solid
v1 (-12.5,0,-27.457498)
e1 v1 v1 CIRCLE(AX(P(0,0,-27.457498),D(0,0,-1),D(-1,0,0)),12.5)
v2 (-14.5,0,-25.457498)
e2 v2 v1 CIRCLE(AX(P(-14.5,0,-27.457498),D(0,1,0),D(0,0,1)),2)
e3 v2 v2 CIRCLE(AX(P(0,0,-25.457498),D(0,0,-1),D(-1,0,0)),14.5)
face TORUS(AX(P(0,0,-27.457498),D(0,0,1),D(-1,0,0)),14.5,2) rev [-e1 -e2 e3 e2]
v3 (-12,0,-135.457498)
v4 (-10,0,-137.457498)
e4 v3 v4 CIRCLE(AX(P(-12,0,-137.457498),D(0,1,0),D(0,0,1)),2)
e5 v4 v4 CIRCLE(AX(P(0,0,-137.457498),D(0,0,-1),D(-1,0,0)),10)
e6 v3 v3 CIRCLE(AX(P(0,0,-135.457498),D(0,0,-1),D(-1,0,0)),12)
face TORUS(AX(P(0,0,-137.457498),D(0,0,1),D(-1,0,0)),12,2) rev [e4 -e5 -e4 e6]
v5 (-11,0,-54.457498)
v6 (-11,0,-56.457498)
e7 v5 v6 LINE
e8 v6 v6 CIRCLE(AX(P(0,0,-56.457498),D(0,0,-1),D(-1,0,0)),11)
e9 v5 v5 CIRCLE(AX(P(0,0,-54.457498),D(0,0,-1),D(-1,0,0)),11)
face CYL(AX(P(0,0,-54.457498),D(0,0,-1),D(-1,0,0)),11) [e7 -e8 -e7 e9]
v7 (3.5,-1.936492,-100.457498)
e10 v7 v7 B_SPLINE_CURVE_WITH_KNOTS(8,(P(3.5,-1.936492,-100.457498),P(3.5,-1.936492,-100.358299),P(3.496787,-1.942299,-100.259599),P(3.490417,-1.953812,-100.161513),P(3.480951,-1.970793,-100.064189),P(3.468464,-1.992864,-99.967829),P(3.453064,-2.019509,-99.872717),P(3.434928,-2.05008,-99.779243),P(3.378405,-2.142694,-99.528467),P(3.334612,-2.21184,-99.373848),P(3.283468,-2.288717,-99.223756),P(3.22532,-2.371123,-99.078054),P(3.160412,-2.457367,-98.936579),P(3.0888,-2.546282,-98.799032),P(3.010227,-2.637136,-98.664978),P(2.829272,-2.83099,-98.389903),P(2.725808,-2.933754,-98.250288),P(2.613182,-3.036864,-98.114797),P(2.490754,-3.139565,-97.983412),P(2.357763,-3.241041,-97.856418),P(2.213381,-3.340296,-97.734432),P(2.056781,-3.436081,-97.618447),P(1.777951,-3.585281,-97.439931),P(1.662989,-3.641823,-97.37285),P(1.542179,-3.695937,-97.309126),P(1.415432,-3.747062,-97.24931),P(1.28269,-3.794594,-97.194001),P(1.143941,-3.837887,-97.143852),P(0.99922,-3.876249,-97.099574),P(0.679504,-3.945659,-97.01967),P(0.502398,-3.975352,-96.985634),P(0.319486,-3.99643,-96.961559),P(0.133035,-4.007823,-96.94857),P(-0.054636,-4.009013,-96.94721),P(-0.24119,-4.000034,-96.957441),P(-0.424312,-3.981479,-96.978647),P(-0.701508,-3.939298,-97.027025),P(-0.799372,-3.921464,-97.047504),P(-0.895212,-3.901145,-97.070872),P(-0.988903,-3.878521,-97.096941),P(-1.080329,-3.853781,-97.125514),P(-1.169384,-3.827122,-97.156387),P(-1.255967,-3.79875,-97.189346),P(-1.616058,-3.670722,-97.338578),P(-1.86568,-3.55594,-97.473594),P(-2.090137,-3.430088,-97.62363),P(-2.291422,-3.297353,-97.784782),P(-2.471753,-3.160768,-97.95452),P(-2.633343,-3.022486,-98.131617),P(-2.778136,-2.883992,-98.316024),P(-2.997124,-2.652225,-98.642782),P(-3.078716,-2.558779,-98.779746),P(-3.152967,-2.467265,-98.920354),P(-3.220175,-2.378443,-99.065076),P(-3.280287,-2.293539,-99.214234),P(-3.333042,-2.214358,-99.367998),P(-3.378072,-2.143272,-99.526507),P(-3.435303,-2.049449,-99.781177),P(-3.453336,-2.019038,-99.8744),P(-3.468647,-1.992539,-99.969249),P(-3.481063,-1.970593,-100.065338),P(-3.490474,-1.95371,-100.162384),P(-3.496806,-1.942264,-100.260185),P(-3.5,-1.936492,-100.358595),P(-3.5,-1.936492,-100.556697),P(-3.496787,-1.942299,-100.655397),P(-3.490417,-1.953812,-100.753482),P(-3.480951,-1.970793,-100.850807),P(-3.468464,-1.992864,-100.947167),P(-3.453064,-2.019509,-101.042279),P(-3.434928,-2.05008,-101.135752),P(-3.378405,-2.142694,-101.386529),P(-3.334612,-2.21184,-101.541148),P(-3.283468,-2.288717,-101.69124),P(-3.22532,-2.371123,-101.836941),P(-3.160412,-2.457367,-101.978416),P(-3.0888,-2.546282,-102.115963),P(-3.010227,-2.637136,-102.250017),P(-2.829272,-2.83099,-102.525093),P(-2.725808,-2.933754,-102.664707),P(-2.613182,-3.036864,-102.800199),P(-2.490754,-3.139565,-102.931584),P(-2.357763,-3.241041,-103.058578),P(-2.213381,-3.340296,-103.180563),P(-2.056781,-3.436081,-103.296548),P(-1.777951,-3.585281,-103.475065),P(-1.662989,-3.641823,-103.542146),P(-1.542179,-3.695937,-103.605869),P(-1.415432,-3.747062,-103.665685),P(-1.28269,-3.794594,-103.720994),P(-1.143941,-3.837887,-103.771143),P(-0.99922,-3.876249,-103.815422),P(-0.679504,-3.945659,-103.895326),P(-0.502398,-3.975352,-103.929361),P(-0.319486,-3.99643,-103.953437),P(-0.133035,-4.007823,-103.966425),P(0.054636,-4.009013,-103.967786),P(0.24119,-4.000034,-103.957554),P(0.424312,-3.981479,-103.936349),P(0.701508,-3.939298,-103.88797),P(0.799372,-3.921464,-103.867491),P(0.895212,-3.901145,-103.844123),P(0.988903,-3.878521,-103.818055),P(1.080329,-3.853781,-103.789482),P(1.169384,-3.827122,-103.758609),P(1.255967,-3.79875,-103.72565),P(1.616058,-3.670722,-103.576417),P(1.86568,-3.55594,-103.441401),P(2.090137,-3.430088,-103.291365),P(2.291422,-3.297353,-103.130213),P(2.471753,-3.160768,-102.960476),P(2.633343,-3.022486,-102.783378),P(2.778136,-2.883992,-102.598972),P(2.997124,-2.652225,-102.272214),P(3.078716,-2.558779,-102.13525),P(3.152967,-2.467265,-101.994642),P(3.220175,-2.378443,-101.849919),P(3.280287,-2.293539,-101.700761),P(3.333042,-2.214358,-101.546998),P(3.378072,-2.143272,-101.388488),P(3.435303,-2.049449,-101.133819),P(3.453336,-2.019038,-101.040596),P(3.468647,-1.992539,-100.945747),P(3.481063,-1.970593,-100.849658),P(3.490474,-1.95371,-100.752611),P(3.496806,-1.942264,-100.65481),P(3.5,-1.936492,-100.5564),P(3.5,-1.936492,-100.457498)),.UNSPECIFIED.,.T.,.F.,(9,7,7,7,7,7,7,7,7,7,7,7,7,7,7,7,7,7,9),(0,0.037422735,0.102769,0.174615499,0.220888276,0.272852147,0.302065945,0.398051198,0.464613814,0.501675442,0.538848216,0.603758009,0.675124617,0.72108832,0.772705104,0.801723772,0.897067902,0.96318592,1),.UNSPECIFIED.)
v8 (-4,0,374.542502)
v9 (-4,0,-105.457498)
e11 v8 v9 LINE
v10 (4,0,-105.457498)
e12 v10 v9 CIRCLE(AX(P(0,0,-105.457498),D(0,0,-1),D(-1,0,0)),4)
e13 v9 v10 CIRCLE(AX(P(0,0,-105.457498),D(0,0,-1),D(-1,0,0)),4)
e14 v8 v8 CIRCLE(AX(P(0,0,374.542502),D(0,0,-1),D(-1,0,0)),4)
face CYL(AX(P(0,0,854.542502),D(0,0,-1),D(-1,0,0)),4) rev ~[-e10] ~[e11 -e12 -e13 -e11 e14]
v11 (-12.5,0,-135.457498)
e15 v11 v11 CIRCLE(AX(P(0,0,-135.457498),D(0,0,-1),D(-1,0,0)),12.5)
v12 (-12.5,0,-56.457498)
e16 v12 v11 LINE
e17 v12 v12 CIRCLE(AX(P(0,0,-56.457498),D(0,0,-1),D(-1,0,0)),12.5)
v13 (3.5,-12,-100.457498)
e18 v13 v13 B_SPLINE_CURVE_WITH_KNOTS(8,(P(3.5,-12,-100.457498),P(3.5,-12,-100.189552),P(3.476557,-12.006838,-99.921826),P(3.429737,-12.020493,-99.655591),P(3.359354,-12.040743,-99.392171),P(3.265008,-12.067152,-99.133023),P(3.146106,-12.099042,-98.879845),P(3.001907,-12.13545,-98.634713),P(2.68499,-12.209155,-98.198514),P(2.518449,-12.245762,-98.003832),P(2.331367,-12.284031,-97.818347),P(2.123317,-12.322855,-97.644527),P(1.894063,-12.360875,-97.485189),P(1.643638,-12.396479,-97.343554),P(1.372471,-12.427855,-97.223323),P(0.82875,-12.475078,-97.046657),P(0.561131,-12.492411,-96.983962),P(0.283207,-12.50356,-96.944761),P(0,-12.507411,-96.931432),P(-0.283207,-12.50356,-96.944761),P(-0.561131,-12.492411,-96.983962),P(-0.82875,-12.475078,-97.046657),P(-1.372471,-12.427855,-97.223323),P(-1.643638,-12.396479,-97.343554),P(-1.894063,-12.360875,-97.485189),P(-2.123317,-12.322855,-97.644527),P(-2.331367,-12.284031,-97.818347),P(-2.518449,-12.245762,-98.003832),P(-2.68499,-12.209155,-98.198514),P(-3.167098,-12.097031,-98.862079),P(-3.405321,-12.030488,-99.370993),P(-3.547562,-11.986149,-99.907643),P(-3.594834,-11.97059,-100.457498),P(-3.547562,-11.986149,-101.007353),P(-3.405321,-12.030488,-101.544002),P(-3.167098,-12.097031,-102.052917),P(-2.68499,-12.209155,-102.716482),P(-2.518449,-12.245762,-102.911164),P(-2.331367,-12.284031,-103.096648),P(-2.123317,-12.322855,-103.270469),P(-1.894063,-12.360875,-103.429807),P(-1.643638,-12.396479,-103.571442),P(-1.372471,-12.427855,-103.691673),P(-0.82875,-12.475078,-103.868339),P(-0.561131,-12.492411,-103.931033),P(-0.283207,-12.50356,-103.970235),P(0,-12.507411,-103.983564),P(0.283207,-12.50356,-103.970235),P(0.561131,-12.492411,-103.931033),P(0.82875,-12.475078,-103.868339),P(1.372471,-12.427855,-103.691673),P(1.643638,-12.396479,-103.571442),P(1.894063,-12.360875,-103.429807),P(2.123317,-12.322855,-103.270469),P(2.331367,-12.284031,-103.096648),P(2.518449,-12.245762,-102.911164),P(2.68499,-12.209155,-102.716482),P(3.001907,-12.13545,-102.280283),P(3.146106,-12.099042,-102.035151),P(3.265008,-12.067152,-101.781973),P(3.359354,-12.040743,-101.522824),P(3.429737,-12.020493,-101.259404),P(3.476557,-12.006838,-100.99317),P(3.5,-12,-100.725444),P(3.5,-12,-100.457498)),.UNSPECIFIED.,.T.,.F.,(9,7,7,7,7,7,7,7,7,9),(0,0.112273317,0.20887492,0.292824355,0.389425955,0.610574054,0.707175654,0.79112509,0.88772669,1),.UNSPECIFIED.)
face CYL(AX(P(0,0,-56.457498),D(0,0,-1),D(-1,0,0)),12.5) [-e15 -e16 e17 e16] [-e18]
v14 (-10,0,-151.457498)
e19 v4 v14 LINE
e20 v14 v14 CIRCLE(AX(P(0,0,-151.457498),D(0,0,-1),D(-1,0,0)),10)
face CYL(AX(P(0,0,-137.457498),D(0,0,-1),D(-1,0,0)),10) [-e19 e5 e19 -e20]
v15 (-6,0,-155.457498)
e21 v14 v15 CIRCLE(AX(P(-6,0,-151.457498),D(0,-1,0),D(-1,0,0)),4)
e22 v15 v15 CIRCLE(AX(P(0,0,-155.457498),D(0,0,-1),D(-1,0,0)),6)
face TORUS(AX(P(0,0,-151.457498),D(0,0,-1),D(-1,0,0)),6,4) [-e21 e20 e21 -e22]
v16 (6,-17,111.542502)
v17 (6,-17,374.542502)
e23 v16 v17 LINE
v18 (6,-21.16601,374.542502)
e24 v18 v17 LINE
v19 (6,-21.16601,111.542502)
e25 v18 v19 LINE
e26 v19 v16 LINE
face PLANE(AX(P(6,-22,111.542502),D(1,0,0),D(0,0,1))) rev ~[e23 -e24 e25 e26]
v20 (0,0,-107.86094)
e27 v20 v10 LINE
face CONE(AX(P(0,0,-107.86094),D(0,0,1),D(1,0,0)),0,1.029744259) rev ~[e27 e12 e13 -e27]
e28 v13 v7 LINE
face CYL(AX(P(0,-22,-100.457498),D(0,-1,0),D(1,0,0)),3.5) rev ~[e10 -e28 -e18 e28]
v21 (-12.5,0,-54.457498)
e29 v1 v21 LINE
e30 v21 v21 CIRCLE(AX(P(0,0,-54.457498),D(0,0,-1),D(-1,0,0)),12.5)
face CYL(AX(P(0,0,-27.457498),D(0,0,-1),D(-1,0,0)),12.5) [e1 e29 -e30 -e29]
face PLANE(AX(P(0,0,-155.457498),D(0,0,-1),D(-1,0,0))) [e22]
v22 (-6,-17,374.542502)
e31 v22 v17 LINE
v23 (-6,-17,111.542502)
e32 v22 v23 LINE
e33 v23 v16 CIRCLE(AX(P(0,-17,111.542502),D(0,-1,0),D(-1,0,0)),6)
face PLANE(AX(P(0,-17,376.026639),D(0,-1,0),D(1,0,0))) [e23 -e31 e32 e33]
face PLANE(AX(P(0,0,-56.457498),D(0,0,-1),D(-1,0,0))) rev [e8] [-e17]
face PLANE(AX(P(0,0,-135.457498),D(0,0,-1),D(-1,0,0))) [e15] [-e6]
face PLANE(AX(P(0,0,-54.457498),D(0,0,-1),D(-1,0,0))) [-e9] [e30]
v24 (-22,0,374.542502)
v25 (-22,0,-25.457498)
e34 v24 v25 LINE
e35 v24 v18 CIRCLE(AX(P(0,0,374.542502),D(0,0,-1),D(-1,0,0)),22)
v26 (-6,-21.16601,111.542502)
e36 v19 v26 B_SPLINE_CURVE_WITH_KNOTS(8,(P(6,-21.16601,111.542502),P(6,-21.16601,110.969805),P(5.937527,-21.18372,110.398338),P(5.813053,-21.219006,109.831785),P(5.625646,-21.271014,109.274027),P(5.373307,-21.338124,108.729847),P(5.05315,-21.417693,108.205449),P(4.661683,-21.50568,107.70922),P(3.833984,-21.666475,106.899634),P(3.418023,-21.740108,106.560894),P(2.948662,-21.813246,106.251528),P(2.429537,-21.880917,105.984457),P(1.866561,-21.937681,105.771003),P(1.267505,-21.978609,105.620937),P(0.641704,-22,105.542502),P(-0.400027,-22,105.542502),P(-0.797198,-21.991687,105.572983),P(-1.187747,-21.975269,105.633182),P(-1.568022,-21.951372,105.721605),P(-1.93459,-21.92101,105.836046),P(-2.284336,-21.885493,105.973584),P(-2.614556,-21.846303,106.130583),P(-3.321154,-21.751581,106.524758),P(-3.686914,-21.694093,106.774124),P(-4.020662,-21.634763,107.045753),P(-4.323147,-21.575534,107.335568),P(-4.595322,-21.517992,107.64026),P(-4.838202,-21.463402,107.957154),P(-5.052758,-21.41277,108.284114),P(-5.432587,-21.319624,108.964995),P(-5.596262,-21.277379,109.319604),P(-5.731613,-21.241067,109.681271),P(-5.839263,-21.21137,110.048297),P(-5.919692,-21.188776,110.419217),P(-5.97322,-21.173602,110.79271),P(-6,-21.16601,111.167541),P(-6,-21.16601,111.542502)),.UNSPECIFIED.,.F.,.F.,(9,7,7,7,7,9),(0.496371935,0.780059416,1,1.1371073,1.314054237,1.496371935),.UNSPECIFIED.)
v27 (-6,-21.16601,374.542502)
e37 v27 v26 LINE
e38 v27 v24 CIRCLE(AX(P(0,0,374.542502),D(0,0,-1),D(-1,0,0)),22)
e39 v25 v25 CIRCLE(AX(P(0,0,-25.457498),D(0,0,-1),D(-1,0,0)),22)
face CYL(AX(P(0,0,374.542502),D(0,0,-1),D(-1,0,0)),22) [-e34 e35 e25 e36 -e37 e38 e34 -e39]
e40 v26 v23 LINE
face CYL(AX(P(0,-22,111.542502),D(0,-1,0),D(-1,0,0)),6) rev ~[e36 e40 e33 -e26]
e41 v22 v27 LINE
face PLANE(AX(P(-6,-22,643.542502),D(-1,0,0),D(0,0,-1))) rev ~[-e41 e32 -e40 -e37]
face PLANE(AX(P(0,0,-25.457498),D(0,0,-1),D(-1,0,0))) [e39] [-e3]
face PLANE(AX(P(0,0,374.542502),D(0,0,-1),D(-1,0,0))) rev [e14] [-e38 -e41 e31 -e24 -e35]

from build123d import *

# Parameters (mm, degrees)
F5_DEPTH  = 5
F6_R      = 4
F7_R      = 3.5
F8_DEPTH  = 22
F10_D     = 8
F10_DEPTH = 480
F10_TIP   = 2.4034424761


with BuildPart() as f1:
    # F0 (on Front) → F1 (revolve)
    with BuildSketch(Plane.XZ):
        with BuildLine():
            Line((0, -155.457497781), (0, 374.542502219))
            Line((0, 374.542502219), (-22, 374.542502219))
            Line((-22, 374.542502219), (-22, -25.457497781))
            Line((-22, -25.457497781), (-14.5, -25.457497781))
            ThreePointArc((-14.5, -25.457497781), (-13.0857864376, -26.0432842186), (-12.5, -27.457497781))
            Line((-12.5, -27.457497781), (-12.5, -54.457497781))
            Line((-12.5, -54.457497781), (-11, -54.457497781))
            Line((-11, -54.457497781), (-11, -56.457497781))
            Line((-11, -56.457497781), (-12.5, -56.457497781))
            Line((-12.5, -56.457497781), (-12.5, -135.457497781))
            Line((-12.5, -135.457497781), (-12, -135.457497781))
            ThreePointArc((-12, -135.457497781), (-10.5857864376, -136.0432842186), (-10, -137.457497781))
            Line((-10, -137.457497781), (-10, -155.457497781))
            Line((-10, -155.457497781), (0, -155.457497781))
        make_face()
    revolve(axis=Axis((0, 0, 132.3210597038), (0, 0, -1)))

    # F4 (on offset) → F5 (cut)
    with BuildSketch(Plane.XZ.offset(22)):
        with BuildLine():
            Line((6, 111.542502219), (6, 643.542502219))
            Line((6, 643.542502219), (-6, 643.542502219))
            Line((-6, 643.542502219), (-6, 111.542502219))
            ThreePointArc((-6, 111.542502219), (0, 105.542502219), (6, 111.542502219))
        make_face()
    extrude(amount=-F5_DEPTH, mode=Mode.SUBTRACT)

    # F6
    f6_edges = [f1.edges().sort_by_distance(p)[0] for p in [
        (10, 0, -155.457498),
    ]]
    fillet(f6_edges, radius=F6_R)

    # F7 (on offset) → F8 (cut)
    with BuildSketch(Plane.XZ.offset(22)):
        with Locations((0, -100.457497781)):
            Circle(F7_R)
    extrude(amount=-F8_DEPTH, mode=Mode.SUBTRACT)

    # F10
    with Locations(Plane.XY.offset(374.542502219)):
        with Locations((0, 0)):
            Hole(F10_D / 2, depth=F10_DEPTH)
            with Locations((0, 0, -(F10_DEPTH + F10_TIP / 2))):  # 118° drill point
                Cone(0, F10_D / 2, F10_TIP, mode=Mode.SUBTRACT)


solid = f1.part
